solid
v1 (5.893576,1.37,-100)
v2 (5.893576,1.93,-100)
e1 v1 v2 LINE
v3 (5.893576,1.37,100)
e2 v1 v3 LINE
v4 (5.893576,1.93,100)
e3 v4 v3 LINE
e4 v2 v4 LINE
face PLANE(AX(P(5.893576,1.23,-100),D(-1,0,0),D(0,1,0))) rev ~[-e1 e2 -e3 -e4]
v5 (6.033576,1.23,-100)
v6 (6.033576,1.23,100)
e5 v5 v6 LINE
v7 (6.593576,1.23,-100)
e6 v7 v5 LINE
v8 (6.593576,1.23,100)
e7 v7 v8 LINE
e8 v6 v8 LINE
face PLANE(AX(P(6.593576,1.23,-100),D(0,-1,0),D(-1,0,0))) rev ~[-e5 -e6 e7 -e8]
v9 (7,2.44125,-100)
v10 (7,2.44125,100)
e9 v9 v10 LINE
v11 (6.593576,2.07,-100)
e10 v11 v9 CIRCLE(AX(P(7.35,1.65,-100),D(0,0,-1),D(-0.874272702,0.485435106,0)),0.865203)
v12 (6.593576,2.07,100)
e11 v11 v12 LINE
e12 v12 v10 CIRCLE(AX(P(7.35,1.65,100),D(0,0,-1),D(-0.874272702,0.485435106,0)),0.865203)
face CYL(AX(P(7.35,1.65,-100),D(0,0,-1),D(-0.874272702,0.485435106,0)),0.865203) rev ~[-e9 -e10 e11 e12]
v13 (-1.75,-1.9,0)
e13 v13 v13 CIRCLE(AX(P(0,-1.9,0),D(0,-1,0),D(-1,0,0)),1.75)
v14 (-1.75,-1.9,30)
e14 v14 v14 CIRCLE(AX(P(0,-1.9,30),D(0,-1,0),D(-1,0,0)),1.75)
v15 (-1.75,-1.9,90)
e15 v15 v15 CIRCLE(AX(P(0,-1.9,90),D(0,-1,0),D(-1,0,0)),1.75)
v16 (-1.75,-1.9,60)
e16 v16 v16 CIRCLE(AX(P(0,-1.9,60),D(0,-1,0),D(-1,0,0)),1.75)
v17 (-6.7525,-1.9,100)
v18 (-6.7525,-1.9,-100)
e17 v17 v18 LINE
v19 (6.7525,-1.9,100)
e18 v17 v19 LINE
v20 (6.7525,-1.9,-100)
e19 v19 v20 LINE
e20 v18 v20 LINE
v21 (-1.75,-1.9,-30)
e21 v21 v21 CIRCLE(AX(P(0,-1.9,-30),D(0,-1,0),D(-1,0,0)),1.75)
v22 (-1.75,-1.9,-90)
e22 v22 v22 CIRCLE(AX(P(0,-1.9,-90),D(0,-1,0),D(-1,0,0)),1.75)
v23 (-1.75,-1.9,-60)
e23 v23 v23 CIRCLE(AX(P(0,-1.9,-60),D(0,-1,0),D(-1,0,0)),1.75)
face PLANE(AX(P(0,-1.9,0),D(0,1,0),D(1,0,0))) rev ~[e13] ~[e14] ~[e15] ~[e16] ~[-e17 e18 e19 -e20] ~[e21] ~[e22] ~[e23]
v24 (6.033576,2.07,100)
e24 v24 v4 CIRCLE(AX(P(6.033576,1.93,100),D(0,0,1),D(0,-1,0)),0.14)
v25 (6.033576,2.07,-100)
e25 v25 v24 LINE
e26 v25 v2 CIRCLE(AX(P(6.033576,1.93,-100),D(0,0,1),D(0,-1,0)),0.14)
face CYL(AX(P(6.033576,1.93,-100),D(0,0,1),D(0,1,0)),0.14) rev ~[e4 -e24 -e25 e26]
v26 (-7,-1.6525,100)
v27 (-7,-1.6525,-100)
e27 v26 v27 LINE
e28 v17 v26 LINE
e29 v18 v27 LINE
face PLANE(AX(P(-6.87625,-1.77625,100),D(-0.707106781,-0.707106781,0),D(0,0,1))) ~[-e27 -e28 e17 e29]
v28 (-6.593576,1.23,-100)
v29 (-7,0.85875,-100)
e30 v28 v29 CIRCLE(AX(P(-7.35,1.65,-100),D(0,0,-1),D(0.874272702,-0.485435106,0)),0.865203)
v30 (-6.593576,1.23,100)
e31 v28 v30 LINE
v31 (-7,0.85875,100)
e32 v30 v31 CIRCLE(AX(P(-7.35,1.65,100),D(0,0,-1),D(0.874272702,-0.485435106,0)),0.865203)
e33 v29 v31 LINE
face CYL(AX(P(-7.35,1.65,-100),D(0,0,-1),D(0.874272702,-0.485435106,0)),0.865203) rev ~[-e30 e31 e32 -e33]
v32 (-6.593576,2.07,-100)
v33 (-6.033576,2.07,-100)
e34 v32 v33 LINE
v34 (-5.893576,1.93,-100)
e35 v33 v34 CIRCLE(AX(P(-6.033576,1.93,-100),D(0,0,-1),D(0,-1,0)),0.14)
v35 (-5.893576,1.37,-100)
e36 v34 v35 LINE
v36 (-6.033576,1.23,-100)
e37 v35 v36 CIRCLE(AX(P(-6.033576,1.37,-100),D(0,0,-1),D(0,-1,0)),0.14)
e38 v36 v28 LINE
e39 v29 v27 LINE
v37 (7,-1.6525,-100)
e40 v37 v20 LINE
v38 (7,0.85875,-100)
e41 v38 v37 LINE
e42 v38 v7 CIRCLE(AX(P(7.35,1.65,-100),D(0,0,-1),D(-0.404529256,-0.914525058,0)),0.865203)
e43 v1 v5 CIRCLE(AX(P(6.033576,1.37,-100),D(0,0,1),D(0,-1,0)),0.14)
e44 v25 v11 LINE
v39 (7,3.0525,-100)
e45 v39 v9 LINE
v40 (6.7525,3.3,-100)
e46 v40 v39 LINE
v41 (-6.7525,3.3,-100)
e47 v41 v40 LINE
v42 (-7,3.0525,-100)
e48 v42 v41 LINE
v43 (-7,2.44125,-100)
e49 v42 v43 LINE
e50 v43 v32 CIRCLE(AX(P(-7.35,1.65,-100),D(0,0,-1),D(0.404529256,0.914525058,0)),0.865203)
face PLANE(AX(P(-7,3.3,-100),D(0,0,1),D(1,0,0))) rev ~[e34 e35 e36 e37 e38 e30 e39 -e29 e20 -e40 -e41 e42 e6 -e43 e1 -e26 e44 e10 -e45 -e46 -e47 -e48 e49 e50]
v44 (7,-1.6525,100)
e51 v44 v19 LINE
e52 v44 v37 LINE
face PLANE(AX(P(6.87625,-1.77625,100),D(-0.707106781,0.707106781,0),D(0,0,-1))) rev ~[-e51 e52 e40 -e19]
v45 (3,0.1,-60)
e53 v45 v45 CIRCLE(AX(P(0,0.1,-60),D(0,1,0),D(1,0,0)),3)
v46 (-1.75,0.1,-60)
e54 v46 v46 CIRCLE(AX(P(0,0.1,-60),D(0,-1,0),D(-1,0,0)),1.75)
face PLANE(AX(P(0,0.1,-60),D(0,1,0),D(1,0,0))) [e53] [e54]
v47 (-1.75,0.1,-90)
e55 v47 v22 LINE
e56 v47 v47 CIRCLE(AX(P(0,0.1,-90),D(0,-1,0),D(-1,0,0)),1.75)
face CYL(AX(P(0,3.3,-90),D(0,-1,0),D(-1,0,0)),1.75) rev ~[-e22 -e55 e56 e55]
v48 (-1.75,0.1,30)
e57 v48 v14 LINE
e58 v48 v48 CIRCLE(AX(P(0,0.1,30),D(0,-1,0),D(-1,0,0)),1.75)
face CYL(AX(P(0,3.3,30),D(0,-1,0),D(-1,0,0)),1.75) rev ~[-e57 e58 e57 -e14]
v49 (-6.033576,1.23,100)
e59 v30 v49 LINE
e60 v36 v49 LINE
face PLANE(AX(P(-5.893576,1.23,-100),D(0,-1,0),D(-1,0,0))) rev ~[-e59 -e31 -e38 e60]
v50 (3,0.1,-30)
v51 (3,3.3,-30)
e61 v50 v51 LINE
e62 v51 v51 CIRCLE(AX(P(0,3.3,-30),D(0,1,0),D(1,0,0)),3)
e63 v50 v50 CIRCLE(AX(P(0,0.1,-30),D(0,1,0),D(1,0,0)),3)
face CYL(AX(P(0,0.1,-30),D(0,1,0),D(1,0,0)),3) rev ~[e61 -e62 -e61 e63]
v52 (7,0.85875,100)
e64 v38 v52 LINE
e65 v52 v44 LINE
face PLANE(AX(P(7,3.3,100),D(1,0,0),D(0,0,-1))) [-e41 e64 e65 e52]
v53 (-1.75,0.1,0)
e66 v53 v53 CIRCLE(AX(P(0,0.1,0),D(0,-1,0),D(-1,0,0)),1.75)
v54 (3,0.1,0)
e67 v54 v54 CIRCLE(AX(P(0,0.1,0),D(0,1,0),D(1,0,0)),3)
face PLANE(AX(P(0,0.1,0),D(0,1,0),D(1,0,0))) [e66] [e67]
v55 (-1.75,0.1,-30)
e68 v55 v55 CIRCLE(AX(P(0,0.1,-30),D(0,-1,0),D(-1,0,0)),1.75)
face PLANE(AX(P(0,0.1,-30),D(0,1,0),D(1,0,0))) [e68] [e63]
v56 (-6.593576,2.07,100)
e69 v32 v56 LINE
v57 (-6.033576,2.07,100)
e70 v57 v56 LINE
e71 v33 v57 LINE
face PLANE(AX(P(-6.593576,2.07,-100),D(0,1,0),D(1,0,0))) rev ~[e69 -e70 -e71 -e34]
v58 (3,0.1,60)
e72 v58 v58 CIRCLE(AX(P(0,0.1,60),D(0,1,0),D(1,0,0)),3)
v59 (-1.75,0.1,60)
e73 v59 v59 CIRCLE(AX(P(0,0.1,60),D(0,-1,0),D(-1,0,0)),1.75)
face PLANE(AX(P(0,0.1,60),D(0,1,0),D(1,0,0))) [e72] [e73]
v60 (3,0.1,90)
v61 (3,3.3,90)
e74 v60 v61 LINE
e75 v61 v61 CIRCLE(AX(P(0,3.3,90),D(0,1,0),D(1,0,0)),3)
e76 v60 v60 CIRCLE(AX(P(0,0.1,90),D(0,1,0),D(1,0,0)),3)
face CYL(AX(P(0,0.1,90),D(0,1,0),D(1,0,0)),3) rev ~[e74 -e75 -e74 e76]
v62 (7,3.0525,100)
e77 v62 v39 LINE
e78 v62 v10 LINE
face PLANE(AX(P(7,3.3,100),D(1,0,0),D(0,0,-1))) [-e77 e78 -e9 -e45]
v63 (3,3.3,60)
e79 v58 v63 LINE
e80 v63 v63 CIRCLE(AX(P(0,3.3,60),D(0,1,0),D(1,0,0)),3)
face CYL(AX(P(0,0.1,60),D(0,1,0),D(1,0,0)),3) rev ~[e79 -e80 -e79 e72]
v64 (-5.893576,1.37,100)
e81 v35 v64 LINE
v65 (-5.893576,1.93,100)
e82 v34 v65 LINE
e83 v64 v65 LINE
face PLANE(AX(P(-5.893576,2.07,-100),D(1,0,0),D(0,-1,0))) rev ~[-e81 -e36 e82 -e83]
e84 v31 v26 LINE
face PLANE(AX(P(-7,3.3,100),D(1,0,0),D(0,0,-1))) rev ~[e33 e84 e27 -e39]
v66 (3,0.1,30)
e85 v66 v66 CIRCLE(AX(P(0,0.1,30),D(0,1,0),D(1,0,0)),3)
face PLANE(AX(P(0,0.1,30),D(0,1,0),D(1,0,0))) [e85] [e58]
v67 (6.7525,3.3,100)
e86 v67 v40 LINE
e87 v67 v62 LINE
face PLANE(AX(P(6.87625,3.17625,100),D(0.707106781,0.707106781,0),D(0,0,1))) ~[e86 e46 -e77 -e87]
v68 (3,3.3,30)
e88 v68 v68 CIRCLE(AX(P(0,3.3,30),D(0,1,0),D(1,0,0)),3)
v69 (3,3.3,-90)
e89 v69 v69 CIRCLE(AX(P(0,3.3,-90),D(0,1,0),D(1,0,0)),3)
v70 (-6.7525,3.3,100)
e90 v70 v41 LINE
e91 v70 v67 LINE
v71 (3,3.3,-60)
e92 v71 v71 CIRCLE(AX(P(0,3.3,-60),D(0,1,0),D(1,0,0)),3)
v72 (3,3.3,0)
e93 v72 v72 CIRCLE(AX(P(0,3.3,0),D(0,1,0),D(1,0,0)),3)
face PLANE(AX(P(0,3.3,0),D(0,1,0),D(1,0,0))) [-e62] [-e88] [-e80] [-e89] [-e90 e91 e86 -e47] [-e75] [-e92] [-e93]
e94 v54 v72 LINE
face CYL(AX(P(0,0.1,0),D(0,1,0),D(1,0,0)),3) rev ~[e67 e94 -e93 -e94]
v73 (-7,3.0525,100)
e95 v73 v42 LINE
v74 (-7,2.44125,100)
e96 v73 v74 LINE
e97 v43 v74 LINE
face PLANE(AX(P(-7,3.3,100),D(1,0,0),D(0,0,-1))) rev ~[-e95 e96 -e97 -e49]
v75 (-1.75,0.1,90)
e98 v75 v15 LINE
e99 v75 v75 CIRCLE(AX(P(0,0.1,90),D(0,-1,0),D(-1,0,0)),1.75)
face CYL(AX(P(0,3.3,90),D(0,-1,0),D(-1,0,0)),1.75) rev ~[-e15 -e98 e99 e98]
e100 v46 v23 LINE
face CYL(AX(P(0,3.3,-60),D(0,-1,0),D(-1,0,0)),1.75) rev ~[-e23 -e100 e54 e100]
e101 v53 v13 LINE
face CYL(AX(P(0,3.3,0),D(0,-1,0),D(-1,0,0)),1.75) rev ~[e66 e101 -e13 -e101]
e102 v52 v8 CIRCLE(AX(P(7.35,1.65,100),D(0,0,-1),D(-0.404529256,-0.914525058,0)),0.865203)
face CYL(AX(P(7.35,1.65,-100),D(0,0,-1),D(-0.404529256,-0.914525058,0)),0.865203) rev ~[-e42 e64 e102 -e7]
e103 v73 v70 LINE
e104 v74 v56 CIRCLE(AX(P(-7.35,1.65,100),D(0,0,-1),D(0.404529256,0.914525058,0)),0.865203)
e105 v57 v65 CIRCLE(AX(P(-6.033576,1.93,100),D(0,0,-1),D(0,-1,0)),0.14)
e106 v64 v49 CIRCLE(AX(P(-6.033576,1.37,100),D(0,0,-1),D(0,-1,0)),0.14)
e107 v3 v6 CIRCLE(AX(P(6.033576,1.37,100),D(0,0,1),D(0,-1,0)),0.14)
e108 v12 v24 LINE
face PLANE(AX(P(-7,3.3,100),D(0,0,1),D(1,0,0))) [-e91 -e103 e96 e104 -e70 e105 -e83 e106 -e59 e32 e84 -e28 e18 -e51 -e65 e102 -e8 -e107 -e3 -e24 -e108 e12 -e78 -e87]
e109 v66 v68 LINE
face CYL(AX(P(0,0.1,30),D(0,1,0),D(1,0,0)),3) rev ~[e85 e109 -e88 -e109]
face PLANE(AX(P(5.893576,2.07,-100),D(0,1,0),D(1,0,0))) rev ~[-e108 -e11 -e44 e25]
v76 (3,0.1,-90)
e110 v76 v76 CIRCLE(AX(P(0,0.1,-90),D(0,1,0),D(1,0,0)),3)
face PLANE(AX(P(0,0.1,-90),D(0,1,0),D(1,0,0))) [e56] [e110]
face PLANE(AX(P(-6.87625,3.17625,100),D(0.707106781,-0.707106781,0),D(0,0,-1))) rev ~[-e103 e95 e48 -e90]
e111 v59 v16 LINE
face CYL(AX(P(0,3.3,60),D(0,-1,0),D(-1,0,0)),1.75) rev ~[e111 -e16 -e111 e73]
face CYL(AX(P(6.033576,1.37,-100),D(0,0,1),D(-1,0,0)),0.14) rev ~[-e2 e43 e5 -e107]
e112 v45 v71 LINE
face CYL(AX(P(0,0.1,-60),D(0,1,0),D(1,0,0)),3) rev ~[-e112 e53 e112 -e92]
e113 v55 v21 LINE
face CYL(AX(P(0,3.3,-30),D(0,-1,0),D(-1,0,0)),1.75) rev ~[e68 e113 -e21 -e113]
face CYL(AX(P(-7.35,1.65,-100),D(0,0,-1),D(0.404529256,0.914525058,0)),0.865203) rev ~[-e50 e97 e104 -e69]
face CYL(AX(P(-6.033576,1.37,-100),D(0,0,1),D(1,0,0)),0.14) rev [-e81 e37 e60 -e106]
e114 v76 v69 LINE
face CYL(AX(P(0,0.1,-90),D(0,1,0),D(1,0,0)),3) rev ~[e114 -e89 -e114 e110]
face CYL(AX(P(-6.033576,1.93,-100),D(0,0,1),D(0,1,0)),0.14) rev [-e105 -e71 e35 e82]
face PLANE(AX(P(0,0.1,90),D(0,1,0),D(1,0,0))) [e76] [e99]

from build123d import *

# Parameters (mm, degrees)
SKETCH_1_W                   = 14
SKETCH_1_H                   = 200
EXTRUDE_1_DEPTH              = 5.2
CUT_EXTRUDE_1_DEPTH          = 201
CUT_EXTRUDE_2_DEPTH          = 201
CUT_EXTRUDE_3_DEPTH          = 201
CUT_EXTRUDE_4_DEPTH          = 201
HOLE_WIZARD_M3_1_D           = 3.5
HOLE_WIZARD_M3_1_DEPTH       = 5.2
HOLE_WIZARD_M3_1_CBORE_D     = 6
HOLE_WIZARD_M3_1_CBORE_DEPTH = 3.2
CHAMFER_1_SIZE               = 0.2475
FILLET_1_R                   = 0.14


with BuildPart() as part:
    # 草图1 → 凸台-拉伸1 (new body)
    with BuildSketch(Plane(origin=(0, 3.3, 0), x_dir=(1, 0, 0), z_dir=(0, 1, 0))):
        Rectangle(SKETCH_1_W, SKETCH_1_H)
    extrude(amount=-EXTRUDE_1_DEPTH)

    # 草图2 → 切除-拉伸1 (cut, through all)
    with BuildSketch(Plane(origin=(0, 0, -100), x_dir=(-1, 0, 0), z_dir=(0, 0, -1))):
        with BuildLine():
            Line((7, 1.23), (7, 2.44125))
            ThreePointArc((7, 2.44125), (6.766476308, 2.288808784), (6.593576466, 2.07))
            Line((6.593576466, 2.07), (5.893576466, 2.07))
            Line((5.893576466, 2.07), (5.893576466, 1.23))
            Line((5.893576466, 1.23), (7, 1.23))
        make_face()
    extrude(amount=-CUT_EXTRUDE_1_DEPTH, mode=Mode.SUBTRACT)

    # 草图3 → 切除-拉伸2 (cut, through all)
    with BuildSketch(Plane(origin=(0, 0, -100), x_dir=(-1, 0, 0), z_dir=(0, 0, -1))):
        with BuildLine():
            Line((7, 0.85875), (7, 1.23))
            Line((7, 1.23), (6.593576466, 1.23))
            ThreePointArc((6.593576466, 1.23), (6.766476308, 1.011191216), (7, 0.85875))
        make_face()
    extrude(amount=-CUT_EXTRUDE_2_DEPTH, mode=Mode.SUBTRACT)

    # 草图4 → 切除-拉伸3 (cut, through all)
    with BuildSketch(Plane(origin=(0, 0, -100), x_dir=(-1, 0, 0), z_dir=(0, 0, -1))):
        with BuildLine():
            Line((-7, 2.07), (-7, 0.85875))
            ThreePointArc((-7, 0.85875), (-6.766476308, 1.011191216), (-6.593576466, 1.23))
            Line((-6.593576466, 1.23), (-5.893576466, 1.23))
            Line((-5.893576466, 1.23), (-5.893576466, 2.07))
            Line((-5.893576466, 2.07), (-7, 2.07))
        make_face()
    extrude(amount=-CUT_EXTRUDE_3_DEPTH, mode=Mode.SUBTRACT)

    # 草图5 → 切除-拉伸4 (cut, through all)
    with BuildSketch(Plane(origin=(0, 0, -100), x_dir=(-1, 0, 0), z_dir=(0, 0, -1))):
        with BuildLine():
            Line((-7, 2.44125), (-7, 2.07))
            Line((-7, 2.07), (-6.593576466, 2.07))
            ThreePointArc((-6.593576466, 2.07), (-6.766476308, 2.288808784), (-7, 2.44125))
        make_face()
    extrude(amount=-CUT_EXTRUDE_4_DEPTH, mode=Mode.SUBTRACT)

    # M3 六角头机械螺钉的柱形沉头孔1
    with Locations(Plane(origin=(0, 3.3, 0), x_dir=(1, 0, 0), z_dir=(0, 1, 0))):
        with Locations((0, 90), (0, 60), (0, 30), (0, 0), (0, -30), (0, -60), (0, -90)):
            CounterBoreHole(HOLE_WIZARD_M3_1_D / 2, HOLE_WIZARD_M3_1_CBORE_D / 2, HOLE_WIZARD_M3_1_CBORE_DEPTH, depth=HOLE_WIZARD_M3_1_DEPTH)

    # 倒角1
    chamfer_1_edges = [part.edges().sort_by_distance(p)[0] for p in [
        (7, -1.9, 0),
        (-7, -1.9, 0),
        (7, 3.3, 0),
        (-7, 3.3, 0),
    ]]
    chamfer(chamfer_1_edges, length=CHAMFER_1_SIZE)

    # 圆角1
    fillet_1_edges = [part.edges().sort_by_distance(p)[0] for p in [
        (-5.893576466, 1.23, 0),
        (-5.893576466, 2.07, 0),
        (5.893576466, 2.07, 0),
        (5.893576466, 1.23, 0),
    ]]
    fillet(fillet_1_edges, radius=FILLET_1_R)


solid = part.part
